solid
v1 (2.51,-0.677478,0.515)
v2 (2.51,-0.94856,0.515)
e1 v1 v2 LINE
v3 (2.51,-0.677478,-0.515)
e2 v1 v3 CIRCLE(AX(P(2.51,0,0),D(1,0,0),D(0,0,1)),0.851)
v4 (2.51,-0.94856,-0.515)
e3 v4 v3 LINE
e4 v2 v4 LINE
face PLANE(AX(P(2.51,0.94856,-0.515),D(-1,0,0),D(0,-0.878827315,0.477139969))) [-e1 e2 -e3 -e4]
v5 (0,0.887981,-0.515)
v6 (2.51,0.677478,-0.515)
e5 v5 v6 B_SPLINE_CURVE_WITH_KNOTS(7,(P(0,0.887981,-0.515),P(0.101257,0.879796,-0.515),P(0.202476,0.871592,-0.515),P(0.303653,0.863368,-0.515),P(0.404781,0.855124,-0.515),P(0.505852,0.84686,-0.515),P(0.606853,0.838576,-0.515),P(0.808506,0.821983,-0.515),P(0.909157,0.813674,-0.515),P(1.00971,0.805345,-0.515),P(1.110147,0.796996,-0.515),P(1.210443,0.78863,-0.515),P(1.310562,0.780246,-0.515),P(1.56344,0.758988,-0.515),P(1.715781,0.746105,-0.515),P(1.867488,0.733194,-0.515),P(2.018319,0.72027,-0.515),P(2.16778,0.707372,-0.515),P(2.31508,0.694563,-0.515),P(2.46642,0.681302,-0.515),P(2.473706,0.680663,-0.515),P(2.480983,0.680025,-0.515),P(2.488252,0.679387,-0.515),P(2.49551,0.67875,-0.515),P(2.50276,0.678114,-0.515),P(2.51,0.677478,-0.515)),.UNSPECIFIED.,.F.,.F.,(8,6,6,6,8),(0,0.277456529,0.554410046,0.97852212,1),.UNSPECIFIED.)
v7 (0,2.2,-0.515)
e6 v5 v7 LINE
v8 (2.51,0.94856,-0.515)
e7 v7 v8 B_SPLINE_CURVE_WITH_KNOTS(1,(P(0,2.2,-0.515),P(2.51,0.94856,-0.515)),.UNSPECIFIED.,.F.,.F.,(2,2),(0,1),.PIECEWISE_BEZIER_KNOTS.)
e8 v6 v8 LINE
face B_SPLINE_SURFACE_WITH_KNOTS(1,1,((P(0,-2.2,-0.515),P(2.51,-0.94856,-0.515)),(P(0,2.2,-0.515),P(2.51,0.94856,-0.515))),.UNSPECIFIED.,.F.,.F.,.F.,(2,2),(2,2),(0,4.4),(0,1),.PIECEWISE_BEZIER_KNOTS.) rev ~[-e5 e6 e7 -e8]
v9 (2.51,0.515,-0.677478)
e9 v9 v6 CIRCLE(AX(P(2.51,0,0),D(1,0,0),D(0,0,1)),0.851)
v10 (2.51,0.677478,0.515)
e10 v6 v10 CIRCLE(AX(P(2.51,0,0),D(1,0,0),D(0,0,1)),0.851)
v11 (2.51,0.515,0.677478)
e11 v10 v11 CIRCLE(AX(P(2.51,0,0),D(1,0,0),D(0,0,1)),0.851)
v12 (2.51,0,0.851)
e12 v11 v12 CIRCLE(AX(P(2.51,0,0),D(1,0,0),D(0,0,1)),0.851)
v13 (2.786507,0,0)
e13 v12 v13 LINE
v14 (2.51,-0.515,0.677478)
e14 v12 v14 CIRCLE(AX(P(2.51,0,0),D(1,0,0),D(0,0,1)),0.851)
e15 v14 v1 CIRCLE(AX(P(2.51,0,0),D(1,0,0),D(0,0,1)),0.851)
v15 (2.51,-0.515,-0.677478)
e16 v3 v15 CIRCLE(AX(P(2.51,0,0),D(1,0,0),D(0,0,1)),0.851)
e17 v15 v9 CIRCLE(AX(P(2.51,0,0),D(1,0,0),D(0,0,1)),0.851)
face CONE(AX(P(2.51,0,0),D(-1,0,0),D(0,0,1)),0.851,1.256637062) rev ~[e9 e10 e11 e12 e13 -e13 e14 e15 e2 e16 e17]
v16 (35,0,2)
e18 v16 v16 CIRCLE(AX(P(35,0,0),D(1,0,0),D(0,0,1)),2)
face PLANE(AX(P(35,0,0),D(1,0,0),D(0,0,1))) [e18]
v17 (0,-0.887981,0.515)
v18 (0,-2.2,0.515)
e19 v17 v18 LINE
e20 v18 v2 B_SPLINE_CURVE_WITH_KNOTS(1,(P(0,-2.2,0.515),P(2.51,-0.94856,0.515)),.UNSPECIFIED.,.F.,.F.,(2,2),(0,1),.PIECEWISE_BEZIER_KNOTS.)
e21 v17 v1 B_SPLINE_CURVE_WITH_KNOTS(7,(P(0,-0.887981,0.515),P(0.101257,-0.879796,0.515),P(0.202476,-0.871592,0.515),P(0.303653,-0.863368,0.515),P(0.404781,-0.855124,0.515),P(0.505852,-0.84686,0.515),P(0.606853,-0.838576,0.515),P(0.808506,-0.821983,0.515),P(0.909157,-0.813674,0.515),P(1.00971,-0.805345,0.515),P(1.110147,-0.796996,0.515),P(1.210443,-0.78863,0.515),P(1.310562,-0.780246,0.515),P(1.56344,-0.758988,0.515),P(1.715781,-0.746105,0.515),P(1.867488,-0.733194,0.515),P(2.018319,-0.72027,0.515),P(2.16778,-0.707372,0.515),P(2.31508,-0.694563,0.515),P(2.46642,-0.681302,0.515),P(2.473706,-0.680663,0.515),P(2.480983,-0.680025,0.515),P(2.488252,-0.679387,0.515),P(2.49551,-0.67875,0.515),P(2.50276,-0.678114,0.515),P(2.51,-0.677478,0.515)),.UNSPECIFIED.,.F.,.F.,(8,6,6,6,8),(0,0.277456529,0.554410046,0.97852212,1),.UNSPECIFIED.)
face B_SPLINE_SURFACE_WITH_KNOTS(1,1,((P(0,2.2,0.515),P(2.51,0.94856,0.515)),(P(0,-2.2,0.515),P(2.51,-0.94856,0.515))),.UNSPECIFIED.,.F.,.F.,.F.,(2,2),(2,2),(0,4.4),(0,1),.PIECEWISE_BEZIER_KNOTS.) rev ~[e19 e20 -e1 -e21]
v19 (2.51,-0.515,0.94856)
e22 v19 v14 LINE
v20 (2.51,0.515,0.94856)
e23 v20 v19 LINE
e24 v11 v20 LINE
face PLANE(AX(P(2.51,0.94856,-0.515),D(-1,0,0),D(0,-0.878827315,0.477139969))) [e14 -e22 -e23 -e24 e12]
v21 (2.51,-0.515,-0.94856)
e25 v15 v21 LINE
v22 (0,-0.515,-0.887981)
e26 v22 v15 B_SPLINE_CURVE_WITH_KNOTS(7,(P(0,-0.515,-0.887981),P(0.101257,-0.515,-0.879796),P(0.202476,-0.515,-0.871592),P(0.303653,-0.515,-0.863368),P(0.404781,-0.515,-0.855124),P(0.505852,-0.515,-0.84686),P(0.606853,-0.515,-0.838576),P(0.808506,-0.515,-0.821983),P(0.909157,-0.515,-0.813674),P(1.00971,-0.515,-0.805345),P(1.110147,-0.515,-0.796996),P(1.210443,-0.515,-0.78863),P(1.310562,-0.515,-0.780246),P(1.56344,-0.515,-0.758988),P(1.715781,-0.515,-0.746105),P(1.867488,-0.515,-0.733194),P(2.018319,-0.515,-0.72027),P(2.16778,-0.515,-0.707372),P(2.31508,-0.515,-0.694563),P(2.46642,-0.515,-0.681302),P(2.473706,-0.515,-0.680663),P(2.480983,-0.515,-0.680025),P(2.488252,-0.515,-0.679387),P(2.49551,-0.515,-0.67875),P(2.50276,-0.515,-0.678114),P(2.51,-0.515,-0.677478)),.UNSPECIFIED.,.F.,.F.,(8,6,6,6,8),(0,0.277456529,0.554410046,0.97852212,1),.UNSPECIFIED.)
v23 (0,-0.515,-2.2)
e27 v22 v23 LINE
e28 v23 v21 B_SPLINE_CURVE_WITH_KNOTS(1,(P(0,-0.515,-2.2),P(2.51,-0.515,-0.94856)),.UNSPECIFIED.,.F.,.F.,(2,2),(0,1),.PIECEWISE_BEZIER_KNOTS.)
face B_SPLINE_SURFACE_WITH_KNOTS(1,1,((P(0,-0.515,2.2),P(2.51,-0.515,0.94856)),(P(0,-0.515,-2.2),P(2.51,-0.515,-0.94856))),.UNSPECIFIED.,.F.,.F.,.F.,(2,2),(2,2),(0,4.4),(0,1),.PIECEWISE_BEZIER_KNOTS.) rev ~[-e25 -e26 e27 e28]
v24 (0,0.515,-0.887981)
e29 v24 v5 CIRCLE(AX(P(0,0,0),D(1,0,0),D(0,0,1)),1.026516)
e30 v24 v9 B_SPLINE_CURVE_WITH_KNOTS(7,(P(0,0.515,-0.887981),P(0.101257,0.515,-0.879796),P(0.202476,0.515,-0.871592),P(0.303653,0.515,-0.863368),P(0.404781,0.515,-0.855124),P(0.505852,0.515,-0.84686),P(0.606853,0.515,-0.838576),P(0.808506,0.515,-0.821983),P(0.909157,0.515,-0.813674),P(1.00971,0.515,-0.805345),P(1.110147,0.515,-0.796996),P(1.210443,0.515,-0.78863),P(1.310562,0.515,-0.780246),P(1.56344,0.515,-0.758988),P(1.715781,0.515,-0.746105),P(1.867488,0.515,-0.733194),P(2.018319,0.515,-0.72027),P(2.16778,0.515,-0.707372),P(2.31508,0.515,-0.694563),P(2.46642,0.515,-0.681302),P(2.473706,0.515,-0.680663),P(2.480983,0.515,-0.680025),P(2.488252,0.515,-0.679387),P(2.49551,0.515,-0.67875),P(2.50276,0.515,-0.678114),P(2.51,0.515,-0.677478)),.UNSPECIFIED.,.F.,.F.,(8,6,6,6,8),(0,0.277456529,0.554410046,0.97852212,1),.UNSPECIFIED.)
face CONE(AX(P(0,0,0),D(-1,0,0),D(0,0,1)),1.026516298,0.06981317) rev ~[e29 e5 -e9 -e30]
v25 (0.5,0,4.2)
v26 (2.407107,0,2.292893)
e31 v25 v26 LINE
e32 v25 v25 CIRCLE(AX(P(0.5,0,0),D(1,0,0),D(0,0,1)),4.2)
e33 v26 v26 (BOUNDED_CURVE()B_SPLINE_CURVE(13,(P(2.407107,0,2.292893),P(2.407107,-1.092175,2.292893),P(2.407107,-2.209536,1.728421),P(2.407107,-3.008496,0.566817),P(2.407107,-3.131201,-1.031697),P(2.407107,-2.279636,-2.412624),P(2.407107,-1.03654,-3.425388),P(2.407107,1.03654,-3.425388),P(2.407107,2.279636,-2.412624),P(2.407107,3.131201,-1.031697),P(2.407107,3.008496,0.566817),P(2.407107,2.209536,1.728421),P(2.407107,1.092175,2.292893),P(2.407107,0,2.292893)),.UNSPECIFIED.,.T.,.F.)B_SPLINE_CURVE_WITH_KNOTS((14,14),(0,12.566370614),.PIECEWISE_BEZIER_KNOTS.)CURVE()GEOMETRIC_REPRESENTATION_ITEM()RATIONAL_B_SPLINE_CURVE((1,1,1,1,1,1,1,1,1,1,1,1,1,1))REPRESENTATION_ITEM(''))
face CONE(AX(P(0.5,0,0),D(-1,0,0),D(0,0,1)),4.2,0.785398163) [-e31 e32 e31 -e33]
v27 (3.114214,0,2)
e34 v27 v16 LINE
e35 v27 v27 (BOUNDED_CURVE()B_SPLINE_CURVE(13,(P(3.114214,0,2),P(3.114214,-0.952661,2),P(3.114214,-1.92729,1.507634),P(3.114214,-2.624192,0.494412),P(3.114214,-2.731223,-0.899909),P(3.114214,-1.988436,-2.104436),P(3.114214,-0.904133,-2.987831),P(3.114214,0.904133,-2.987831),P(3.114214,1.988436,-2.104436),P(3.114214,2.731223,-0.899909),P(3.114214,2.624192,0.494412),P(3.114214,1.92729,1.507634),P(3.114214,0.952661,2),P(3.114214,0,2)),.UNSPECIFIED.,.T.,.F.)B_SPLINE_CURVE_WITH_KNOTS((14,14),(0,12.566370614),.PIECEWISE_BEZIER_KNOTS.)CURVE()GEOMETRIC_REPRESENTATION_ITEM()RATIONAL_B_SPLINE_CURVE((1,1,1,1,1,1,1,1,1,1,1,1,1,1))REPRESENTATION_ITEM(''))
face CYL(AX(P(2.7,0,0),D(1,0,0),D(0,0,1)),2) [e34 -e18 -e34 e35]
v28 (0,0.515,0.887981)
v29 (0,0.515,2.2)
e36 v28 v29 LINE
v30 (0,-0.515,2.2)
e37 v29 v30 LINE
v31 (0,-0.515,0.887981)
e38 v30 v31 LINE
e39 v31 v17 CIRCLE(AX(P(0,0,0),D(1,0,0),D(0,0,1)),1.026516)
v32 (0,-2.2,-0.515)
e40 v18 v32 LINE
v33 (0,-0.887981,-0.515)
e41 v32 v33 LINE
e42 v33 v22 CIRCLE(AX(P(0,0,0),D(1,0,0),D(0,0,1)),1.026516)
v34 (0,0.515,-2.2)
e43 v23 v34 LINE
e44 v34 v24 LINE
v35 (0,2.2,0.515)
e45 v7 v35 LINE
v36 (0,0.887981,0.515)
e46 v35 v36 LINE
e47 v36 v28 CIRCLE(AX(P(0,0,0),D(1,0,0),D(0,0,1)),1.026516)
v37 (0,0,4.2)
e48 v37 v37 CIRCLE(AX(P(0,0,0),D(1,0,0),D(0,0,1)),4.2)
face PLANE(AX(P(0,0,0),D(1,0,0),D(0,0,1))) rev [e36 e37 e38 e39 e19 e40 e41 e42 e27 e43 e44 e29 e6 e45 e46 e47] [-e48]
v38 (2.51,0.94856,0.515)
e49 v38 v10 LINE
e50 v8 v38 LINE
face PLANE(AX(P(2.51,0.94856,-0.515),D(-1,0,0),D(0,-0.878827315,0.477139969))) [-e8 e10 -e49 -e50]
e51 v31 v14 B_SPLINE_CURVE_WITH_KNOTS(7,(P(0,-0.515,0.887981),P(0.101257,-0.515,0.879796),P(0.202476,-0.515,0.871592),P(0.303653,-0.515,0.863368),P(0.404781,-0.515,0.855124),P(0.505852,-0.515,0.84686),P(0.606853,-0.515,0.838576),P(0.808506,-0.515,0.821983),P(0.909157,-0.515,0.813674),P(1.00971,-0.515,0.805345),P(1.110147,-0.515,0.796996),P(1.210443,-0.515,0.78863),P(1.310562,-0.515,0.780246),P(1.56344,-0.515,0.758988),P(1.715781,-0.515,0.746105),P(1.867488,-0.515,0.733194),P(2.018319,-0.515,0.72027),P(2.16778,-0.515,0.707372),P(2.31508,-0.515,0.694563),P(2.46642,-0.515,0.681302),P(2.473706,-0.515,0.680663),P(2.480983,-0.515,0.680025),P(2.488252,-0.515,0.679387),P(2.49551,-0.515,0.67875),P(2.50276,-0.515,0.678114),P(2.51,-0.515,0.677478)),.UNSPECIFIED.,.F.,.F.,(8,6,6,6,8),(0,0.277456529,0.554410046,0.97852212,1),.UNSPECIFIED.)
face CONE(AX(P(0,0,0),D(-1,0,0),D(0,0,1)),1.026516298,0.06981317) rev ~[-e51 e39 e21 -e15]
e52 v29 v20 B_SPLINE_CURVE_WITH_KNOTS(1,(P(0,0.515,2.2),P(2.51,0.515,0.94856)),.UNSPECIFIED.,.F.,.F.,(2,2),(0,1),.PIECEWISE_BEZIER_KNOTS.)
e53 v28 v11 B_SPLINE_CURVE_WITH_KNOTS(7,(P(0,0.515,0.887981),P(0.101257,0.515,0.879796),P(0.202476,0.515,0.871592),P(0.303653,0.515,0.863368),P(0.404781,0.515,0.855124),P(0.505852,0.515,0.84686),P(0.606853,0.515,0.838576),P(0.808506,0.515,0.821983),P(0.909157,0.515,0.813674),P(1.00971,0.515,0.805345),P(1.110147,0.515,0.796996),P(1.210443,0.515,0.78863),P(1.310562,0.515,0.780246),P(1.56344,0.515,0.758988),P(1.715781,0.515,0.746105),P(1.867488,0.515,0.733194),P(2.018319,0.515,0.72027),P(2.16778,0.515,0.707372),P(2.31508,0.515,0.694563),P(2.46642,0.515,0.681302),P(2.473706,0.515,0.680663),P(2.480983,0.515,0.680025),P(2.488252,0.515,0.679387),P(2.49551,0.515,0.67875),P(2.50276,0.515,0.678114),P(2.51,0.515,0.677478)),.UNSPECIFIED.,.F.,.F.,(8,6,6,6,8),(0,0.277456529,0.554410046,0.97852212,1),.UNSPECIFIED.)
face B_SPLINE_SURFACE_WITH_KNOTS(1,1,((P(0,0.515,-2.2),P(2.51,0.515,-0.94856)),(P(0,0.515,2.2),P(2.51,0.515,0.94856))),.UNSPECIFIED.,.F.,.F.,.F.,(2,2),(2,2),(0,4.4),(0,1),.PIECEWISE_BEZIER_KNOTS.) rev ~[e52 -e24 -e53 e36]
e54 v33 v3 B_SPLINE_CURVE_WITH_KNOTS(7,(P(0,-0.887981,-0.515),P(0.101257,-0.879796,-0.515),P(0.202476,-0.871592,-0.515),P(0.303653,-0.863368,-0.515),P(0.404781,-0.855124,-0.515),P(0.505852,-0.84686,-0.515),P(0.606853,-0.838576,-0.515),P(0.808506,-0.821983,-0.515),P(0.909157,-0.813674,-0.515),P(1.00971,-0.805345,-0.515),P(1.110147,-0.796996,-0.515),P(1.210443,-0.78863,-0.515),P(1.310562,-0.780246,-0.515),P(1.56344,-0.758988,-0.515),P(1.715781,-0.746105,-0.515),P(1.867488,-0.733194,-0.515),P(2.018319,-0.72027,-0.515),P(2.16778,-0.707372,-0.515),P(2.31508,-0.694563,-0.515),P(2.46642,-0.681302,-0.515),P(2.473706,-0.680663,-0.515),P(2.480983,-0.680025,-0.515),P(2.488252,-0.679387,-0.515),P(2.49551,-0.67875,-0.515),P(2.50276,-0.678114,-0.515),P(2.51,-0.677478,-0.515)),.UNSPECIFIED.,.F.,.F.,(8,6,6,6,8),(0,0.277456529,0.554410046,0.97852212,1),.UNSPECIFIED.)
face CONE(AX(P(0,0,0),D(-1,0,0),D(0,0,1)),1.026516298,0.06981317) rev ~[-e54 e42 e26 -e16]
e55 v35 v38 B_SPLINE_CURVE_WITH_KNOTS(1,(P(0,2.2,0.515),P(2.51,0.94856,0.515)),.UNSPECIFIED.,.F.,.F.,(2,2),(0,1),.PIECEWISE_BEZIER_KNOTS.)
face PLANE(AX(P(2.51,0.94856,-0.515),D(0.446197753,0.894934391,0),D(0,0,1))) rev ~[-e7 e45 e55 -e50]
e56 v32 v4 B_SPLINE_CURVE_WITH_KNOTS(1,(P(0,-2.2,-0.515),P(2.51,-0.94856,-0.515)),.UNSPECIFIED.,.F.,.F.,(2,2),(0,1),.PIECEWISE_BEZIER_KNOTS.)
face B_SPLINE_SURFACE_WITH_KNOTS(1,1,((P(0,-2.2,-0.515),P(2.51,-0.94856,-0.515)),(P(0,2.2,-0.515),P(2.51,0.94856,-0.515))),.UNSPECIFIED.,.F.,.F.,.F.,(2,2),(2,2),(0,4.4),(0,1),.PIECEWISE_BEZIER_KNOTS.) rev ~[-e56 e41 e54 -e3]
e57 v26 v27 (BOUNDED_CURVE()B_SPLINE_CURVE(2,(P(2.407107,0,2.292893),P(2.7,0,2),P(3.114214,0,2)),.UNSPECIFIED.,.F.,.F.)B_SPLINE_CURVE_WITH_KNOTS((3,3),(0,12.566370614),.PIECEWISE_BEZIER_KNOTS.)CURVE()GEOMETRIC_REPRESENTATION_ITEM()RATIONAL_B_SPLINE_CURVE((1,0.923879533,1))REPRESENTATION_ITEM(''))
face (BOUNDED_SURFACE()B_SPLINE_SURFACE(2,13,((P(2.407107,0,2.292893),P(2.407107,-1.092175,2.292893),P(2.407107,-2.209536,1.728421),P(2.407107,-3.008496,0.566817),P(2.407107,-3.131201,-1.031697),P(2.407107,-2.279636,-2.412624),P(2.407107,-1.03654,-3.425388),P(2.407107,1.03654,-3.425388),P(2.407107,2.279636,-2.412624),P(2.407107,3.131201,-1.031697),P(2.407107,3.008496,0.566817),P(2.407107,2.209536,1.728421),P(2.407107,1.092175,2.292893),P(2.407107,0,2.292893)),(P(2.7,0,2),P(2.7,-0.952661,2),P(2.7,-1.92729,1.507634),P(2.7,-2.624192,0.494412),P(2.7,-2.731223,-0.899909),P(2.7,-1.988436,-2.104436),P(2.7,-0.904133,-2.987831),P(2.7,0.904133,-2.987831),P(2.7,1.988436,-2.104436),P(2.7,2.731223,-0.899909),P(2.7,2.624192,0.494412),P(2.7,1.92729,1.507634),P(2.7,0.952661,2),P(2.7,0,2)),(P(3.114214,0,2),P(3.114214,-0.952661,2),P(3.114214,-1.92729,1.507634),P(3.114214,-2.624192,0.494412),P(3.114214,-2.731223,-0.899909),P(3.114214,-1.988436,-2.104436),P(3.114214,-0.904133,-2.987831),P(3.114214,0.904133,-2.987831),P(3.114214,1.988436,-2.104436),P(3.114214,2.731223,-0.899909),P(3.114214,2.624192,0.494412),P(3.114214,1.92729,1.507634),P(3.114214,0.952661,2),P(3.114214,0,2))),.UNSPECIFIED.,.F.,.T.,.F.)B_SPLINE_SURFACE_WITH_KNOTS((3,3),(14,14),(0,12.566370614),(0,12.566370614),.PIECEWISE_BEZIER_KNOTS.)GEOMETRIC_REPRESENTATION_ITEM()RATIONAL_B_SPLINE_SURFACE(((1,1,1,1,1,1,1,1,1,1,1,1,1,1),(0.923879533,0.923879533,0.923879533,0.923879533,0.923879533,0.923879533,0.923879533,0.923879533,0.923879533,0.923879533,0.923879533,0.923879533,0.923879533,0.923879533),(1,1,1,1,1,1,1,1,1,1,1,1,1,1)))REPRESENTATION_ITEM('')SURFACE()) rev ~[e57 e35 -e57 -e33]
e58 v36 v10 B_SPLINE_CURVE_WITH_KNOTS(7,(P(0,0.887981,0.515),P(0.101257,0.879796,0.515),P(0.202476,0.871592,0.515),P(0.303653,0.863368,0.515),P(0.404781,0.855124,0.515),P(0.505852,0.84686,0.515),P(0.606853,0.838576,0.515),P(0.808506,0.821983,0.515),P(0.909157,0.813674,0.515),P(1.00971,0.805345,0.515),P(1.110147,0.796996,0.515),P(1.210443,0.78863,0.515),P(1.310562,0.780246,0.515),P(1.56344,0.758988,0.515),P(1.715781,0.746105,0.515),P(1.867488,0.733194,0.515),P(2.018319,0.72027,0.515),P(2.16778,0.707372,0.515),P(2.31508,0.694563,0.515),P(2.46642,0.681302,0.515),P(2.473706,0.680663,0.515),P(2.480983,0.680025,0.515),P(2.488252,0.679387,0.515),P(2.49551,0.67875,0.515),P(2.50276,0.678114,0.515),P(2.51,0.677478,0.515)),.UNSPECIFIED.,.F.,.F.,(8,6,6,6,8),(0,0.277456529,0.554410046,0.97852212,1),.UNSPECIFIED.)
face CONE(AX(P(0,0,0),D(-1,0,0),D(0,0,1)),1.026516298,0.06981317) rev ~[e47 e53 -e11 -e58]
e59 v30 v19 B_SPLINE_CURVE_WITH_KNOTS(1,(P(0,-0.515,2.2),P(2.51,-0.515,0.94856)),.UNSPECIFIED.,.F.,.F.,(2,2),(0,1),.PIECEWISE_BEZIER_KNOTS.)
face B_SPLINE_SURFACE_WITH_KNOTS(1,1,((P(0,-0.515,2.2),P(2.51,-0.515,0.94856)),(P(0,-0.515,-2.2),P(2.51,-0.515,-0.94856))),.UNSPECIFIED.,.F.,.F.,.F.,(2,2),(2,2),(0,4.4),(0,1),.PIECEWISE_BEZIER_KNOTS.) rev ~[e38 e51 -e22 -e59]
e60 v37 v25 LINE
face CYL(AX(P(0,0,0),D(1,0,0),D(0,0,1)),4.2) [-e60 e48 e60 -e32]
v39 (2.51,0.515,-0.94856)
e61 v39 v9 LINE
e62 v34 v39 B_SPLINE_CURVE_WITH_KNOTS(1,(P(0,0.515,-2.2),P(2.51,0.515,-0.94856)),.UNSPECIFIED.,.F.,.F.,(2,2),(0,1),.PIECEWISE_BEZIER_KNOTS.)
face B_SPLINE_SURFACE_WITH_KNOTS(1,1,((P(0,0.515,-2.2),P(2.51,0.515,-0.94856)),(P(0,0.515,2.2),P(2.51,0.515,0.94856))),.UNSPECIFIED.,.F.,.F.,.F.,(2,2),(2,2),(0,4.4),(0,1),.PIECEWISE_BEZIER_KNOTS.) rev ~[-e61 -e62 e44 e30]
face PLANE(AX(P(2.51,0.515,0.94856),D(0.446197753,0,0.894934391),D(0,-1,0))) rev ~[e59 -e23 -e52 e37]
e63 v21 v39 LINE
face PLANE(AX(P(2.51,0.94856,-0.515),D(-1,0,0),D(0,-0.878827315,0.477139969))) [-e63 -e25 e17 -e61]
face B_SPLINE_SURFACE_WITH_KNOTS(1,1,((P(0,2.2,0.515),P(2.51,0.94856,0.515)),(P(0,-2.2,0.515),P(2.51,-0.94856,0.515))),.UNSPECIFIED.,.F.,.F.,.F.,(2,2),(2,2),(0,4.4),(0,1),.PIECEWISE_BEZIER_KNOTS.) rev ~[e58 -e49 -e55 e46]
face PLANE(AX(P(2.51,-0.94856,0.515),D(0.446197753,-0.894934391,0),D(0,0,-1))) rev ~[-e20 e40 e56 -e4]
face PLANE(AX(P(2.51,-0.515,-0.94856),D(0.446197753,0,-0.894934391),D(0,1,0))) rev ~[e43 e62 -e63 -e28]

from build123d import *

# Parameters (mm, degrees)
FILLET1_R    = 1
RECPAT_COUNT = 2
RECPAT_ANGLE = 90


with BuildPart() as part:
    # BodySke → Base-Revolve (revolve)
    with BuildSketch(Plane.XY, mode=Mode.PRIVATE) as base_revolve_sk:
        Polygon((0, 0), (0, 4.2), (0.5, 4.2), (2.7, 2), (35, 2), (35, 0), align=None)
    revolve(base_revolve_sk.sketch.rotate(Axis((-6.35, 0, 0), (1, 0, 0)), 90), axis=Axis((-6.35, 0, 0), (1, 0, 0)))

    # Fillet1
    fillet1_edges = [part.edges().sort_by_distance(p)[0] for p in [
        (2.7, 0, -2),
    ]]
    fillet(fillet1_edges, radius=FILLET1_R)

    # Sketch3 → Recess section 0
    with BuildSketch(Plane.ZY):
        with BuildLine():
            Line((-0.515, 2.2), (0.515, 2.2))
            Line((0.515, 2.2), (0.515, -2.2))
            Line((0.515, -2.2), (-0.515, -2.2))
            Line((-0.515, -2.2), (-0.515, 2.2))
        make_face()
    # Sketch4 → Recess section 1
    with BuildSketch(Plane.ZY.offset(-2.51)):
        with BuildLine():
            Line((-0.515, 0.948560373), (0.515, 0.948560373))
            Line((0.515, 0.948560373), (0.515, -0.948560373))
            Line((0.515, -0.948560373), (-0.515, -0.948560373))
            Line((-0.515, -0.948560373), (-0.515, 0.948560373))
        make_face()
    recess = loft(mode=Mode.SUBTRACT)

    # RecPat: Recess ×2 about axis
    recpat_axis = Axis((0, 0, 0), (1, 0, 0))
    for i in range(1, RECPAT_COUNT):
        add(recess.rotate(recpat_axis, i * RECPAT_ANGLE / (RECPAT_COUNT - 1)), mode=Mode.SUBTRACT)

    # RecCorSke → RecessCore (revolve, cut)
    with BuildSketch(Plane.XY, mode=Mode.PRIVATE) as recesscore_sk:
        Polygon((0, 0), (0, 1.026516298), (2.51, 0.851), (2.786506661, 0), align=None)
    revolve(recesscore_sk.sketch.rotate(Axis((-3.175, 0, 0), (1, 0, 0)), 90), axis=Axis((-3.175, 0, 0), (1, 0, 0)), mode=Mode.SUBTRACT)


solid = part.part
